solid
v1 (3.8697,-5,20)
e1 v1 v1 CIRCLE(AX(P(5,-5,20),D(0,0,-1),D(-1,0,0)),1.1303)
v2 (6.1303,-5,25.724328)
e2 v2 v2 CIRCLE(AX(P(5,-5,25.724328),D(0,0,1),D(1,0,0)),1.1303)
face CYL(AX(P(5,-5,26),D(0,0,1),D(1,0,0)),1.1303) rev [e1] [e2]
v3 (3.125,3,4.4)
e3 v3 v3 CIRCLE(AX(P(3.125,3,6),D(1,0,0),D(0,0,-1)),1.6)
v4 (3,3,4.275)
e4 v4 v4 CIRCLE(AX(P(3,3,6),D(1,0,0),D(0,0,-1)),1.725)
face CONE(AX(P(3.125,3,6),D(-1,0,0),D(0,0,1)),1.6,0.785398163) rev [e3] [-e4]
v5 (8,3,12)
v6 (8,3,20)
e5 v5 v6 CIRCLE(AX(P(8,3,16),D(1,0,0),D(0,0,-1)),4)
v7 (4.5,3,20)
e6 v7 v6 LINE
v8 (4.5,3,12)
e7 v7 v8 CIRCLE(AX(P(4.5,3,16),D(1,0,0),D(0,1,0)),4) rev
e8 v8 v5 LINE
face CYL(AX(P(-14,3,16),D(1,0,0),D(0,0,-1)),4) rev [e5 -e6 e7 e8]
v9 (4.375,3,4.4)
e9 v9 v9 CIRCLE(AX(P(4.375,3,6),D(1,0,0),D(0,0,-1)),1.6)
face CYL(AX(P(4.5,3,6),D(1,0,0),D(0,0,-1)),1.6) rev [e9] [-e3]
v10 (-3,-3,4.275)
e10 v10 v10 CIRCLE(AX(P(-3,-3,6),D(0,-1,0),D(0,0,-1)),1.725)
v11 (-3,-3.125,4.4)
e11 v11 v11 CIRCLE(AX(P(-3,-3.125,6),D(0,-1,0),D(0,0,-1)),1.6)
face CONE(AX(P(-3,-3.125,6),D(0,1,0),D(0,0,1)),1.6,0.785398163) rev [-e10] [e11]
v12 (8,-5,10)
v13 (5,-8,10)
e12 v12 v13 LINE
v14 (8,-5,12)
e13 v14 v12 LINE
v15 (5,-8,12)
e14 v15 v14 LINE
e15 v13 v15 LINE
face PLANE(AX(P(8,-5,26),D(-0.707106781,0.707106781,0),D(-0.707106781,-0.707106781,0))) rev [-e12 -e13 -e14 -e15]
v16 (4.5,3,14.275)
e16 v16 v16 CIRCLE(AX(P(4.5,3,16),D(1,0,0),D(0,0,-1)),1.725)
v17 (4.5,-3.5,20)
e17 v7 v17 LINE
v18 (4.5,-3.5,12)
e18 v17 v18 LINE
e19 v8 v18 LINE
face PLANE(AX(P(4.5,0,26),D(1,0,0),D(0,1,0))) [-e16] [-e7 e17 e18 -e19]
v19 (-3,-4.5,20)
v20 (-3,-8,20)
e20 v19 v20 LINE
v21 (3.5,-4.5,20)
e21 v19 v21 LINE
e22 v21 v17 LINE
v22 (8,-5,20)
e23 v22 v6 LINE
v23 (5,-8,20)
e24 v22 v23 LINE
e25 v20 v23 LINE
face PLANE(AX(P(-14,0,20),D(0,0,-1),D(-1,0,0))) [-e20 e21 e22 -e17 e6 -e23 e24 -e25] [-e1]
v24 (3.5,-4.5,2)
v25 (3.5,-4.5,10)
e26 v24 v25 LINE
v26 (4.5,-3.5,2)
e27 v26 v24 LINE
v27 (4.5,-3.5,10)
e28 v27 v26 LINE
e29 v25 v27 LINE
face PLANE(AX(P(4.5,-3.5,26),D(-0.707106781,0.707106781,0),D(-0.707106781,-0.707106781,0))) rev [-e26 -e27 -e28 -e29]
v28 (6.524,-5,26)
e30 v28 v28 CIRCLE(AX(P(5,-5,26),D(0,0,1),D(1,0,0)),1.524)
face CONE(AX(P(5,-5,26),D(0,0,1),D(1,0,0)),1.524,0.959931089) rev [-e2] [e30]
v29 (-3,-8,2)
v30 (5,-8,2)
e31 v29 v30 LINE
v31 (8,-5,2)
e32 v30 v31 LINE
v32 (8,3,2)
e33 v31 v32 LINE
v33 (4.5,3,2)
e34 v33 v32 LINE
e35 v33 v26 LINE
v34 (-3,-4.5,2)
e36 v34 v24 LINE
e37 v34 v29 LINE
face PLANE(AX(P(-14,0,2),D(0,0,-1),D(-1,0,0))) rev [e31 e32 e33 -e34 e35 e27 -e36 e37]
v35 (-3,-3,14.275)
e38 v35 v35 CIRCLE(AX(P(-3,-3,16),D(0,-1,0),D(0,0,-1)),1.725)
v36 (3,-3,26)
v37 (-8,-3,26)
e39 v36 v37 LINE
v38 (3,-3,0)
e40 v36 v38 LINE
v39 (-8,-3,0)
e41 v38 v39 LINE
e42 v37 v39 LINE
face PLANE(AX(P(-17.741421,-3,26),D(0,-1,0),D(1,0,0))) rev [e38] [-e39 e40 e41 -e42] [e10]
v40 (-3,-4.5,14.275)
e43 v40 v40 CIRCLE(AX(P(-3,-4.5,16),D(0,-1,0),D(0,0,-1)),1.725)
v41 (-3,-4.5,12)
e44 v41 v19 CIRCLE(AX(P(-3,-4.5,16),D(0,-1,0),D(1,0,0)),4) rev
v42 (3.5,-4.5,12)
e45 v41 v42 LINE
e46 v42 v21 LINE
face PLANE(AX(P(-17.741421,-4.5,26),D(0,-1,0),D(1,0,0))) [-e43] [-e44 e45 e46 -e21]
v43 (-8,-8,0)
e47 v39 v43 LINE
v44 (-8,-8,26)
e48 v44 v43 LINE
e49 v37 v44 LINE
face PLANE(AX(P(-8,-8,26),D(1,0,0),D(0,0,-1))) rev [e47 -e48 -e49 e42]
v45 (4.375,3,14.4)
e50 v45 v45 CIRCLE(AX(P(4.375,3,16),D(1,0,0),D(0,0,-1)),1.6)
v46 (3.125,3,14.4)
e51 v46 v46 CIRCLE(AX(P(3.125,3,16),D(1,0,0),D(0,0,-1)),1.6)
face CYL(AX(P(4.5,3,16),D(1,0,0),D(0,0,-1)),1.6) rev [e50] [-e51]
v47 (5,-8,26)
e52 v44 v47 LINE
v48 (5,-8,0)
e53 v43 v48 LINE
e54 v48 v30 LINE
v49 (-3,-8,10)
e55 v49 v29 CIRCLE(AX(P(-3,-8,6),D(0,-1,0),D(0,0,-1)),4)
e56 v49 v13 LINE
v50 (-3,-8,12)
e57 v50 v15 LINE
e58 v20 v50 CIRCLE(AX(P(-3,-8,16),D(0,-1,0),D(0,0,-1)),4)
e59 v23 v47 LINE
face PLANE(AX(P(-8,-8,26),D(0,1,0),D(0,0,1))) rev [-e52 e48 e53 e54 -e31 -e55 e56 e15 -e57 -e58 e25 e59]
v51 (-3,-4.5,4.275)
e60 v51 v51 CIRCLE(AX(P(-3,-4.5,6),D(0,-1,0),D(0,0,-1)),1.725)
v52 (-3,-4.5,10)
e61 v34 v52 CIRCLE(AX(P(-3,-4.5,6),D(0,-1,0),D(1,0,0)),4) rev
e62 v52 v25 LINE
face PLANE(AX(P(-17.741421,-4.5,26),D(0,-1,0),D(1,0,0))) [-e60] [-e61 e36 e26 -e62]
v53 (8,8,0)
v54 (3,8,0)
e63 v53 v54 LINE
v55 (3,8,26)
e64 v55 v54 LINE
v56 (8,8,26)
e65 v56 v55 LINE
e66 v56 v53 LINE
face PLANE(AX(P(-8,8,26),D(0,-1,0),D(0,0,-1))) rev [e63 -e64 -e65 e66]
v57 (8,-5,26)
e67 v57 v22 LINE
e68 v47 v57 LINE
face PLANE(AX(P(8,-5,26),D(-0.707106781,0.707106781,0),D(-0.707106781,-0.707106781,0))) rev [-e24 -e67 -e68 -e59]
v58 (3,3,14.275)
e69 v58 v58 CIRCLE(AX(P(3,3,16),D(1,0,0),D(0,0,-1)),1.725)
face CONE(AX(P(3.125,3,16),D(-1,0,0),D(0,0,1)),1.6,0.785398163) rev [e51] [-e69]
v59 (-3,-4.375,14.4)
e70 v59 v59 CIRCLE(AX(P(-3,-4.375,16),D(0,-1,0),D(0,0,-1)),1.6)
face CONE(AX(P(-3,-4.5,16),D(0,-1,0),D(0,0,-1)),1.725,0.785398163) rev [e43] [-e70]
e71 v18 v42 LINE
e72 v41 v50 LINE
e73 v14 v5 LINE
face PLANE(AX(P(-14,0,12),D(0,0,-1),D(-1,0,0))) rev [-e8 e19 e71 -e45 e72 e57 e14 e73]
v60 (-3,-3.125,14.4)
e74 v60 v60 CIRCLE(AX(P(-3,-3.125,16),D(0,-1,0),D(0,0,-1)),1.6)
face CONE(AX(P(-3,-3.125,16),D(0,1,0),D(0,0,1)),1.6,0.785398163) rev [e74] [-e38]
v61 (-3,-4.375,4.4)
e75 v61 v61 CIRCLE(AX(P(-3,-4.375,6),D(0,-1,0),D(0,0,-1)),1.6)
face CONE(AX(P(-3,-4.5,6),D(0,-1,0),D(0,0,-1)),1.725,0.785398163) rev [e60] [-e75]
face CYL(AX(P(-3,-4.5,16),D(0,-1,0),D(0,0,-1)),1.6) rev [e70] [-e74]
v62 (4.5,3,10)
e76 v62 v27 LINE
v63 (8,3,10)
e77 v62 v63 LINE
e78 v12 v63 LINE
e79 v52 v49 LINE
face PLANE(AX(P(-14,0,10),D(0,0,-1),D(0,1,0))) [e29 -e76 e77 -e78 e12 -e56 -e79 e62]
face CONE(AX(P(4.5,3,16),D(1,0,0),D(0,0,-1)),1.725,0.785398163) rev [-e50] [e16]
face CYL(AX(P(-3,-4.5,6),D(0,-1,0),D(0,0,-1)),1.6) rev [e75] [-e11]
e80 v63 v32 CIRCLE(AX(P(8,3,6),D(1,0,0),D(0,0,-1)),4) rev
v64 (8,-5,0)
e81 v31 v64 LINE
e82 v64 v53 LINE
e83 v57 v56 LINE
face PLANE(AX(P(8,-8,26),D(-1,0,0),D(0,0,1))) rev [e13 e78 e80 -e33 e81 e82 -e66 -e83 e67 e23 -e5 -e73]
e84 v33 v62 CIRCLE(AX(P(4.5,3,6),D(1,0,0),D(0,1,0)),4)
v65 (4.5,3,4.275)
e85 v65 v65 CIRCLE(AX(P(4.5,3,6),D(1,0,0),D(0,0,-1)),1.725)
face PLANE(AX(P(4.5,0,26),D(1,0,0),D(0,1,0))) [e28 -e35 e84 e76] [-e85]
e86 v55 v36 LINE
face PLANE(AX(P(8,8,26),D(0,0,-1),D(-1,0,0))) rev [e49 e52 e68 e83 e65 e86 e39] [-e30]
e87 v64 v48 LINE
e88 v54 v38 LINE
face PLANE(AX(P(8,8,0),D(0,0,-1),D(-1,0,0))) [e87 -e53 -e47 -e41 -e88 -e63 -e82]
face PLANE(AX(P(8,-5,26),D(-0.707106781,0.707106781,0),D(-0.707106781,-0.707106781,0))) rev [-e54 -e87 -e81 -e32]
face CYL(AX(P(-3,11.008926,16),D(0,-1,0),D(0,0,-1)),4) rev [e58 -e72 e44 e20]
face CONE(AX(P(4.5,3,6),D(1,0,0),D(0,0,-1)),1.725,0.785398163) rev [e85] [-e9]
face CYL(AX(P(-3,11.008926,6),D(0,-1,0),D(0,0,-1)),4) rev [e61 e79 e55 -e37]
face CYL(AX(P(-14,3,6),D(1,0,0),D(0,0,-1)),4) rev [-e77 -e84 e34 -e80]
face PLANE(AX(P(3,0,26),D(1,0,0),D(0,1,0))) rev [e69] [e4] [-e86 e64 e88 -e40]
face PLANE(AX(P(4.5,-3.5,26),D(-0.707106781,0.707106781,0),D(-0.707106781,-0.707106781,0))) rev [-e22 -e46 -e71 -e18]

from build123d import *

# Parameters (mm, degrees)
SKETCH_1_W                    = 16
SKETCH_1_H                    = 16
EXTRUDE_1_DEPTH               = 26
CUT_EXTRUDE_1_DEPTH           = 29.354893758
CUT_EXTRUDE_2_DEPTH           = 3.5
CUT_EXTRUDE_3_DEPTH           = 3.5
CHAMFER_1_SIZE                = 1
HOLE_WIZARD_4_401_D           = 2.2606
HOLE_WIZARD_4_401_DEPTH       = 6
HOLE_WIZARD_4_401_CSINK_D     = 3.048
HOLE_WIZARD_4_401_CSINK_ANGLE = 110
CHAMFER_3_SIZE                = 3


with BuildPart() as part:
    # Эскиз1 → Вытянуть1 (new body)
    with BuildSketch(Plane.XY):
        Rectangle(SKETCH_1_W, SKETCH_1_H)
    extrude(amount=EXTRUDE_1_DEPTH)

    # Эскиз2 → Вырез-Вытянуть1 (cut, through all)
    with BuildSketch(Plane(origin=(0, 0, 0), x_dir=(-1, 0, 0), z_dir=(0, 0, -1))):
        Polygon((-3, 56.832975678), (-3, 8), (-3, -3), (8, -3), (56.832975678, -3), (125.893232173, 66.060256495), (66.060256495, 125.893232173), align=None)
    extrude(amount=-CUT_EXTRUDE_1_DEPTH, mode=Mode.SUBTRACT)

    # Эскиз9 → Вырез-Вытянуть2 (cut)
    with BuildSketch(Plane(origin=(8, 0, 0), x_dir=(0, 0, -1), z_dir=(1, 0, 0))):
        with BuildLine():
            Line((-20, 3), (-20, -8))
            Line((-20, -8), (-12, -8))
            Line((-12, -8), (-12, 3))
            ThreePointArc((-12, 3), (-16, 7), (-20, 3))
        make_face()
        with BuildLine():
            Line((-10, 3), (-10, -8))
            Line((-10, -8), (-2, -8))
            Line((-2, -8), (-2, 3))
            ThreePointArc((-2, 3), (-6, 7), (-10, 3))
        make_face()
    extrude(amount=-CUT_EXTRUDE_2_DEPTH, mode=Mode.SUBTRACT)

    # Эскиз10 → Вырез-Вытянуть3 (cut)
    with BuildSketch(Plane.XZ.offset(8)):
        with BuildLine():
            Line((4.5, 20), (-3, 20))
            ThreePointArc((-3, 20), (-7, 16), (-3, 12))
            Line((-3, 12), (4.5, 12))
            Line((4.5, 12), (4.5, 20))
        make_face()
        with BuildLine():
            Line((4.5, 10), (-3, 10))
            ThreePointArc((-3, 10), (-7, 6), (-3, 2))
            Line((-3, 2), (4.5, 2))
            Line((4.5, 2), (4.5, 10))
        make_face()
    extrude(amount=-CUT_EXTRUDE_3_DEPTH, mode=Mode.SUBTRACT)

    # Фаска1
    chamfer_1_edges = [part.edges().sort_by_distance(p)[0] for p in [
        (4.5, -4.5, 16),
        (4.5, -4.5, 6),
    ]]
    chamfer(chamfer_1_edges, length=CHAMFER_1_SIZE)

    # Отверстие обработанное метчиком #4-401
    with Locations(Plane(origin=(-3.054370164, -0.984217205, 26), x_dir=(-1, 0, 0), z_dir=(0, 0, 1))):
        with Locations((-8.054370164, 4.015782795)):
            CounterSinkHole(HOLE_WIZARD_4_401_D / 2, HOLE_WIZARD_4_401_CSINK_D / 2, depth=HOLE_WIZARD_4_401_DEPTH, counter_sink_angle=HOLE_WIZARD_4_401_CSINK_ANGLE)

    # Эскиз11 → Отверстие с зазором M31 (revolve, cut)
    with BuildSketch(Plane(origin=(-3, -4.5, 16), x_dir=(0, 0, -1), z_dir=(1, 0, 0))):
        Polygon((0, 0), (0, 1.5), (1.725, 1.5), (1.6, 1.375), (1.6, 0.125), (1.725, 0), align=None)
    revolve(axis=Axis((-3, -10.85, 16), (0, 1, 0)), mode=Mode.SUBTRACT)

    # Эскиз11 at point 2 (carried to point 2, square into its face) → Отверстие с зазором M31 at 2 (revolve, cut)
    with BuildSketch(Plane(origin=(-3, -4.5, 6), x_dir=(0, 0, -1), z_dir=(1, 0, 0))):
        Polygon((0, 0), (0, 1.5), (1.725, 1.5), (1.6, 1.375), (1.6, 0.125), (1.725, 0), align=None)
    revolve(axis=Axis((-3, -10.85, 6), (0, 1, 0)), mode=Mode.SUBTRACT)

    # Эскиз11 at point 3 (carried to point 3, square into its face) → Отверстие с зазором M31 at 3 (revolve, cut)
    with BuildSketch(Plane(origin=(4.5, 3, 6), x_dir=(0, 0, -1), z_dir=(0, 1, 0))):
        Polygon((0, 0), (0, 1.5), (1.725, 1.5), (1.6, 1.375), (1.6, 0.125), (1.725, 0), align=None)
    revolve(axis=Axis((10.85, 3, 6), (-1, 0, 0)), mode=Mode.SUBTRACT)

    # Эскиз11 at point 4 (carried to point 4, square into its face) → Отверстие с зазором M31 at 4 (revolve, cut)
    with BuildSketch(Plane(origin=(4.5, 3, 16), x_dir=(0, 0, -1), z_dir=(0, 1, 0))):
        Polygon((0, 0), (0, 1.5), (1.725, 1.5), (1.6, 1.375), (1.6, 0.125), (1.725, 0), align=None)
    revolve(axis=Axis((10.85, 3, 16), (-1, 0, 0)), mode=Mode.SUBTRACT)

    # Фаска3
    chamfer_3_edges = [part.edges().sort_by_distance(p)[0] for p in [
        (8, -8, 11),
        (8, -8, 1),
        (8, -8, 23),
    ]]
    chamfer(chamfer_3_edges, length=CHAMFER_3_SIZE)


solid = part.part
